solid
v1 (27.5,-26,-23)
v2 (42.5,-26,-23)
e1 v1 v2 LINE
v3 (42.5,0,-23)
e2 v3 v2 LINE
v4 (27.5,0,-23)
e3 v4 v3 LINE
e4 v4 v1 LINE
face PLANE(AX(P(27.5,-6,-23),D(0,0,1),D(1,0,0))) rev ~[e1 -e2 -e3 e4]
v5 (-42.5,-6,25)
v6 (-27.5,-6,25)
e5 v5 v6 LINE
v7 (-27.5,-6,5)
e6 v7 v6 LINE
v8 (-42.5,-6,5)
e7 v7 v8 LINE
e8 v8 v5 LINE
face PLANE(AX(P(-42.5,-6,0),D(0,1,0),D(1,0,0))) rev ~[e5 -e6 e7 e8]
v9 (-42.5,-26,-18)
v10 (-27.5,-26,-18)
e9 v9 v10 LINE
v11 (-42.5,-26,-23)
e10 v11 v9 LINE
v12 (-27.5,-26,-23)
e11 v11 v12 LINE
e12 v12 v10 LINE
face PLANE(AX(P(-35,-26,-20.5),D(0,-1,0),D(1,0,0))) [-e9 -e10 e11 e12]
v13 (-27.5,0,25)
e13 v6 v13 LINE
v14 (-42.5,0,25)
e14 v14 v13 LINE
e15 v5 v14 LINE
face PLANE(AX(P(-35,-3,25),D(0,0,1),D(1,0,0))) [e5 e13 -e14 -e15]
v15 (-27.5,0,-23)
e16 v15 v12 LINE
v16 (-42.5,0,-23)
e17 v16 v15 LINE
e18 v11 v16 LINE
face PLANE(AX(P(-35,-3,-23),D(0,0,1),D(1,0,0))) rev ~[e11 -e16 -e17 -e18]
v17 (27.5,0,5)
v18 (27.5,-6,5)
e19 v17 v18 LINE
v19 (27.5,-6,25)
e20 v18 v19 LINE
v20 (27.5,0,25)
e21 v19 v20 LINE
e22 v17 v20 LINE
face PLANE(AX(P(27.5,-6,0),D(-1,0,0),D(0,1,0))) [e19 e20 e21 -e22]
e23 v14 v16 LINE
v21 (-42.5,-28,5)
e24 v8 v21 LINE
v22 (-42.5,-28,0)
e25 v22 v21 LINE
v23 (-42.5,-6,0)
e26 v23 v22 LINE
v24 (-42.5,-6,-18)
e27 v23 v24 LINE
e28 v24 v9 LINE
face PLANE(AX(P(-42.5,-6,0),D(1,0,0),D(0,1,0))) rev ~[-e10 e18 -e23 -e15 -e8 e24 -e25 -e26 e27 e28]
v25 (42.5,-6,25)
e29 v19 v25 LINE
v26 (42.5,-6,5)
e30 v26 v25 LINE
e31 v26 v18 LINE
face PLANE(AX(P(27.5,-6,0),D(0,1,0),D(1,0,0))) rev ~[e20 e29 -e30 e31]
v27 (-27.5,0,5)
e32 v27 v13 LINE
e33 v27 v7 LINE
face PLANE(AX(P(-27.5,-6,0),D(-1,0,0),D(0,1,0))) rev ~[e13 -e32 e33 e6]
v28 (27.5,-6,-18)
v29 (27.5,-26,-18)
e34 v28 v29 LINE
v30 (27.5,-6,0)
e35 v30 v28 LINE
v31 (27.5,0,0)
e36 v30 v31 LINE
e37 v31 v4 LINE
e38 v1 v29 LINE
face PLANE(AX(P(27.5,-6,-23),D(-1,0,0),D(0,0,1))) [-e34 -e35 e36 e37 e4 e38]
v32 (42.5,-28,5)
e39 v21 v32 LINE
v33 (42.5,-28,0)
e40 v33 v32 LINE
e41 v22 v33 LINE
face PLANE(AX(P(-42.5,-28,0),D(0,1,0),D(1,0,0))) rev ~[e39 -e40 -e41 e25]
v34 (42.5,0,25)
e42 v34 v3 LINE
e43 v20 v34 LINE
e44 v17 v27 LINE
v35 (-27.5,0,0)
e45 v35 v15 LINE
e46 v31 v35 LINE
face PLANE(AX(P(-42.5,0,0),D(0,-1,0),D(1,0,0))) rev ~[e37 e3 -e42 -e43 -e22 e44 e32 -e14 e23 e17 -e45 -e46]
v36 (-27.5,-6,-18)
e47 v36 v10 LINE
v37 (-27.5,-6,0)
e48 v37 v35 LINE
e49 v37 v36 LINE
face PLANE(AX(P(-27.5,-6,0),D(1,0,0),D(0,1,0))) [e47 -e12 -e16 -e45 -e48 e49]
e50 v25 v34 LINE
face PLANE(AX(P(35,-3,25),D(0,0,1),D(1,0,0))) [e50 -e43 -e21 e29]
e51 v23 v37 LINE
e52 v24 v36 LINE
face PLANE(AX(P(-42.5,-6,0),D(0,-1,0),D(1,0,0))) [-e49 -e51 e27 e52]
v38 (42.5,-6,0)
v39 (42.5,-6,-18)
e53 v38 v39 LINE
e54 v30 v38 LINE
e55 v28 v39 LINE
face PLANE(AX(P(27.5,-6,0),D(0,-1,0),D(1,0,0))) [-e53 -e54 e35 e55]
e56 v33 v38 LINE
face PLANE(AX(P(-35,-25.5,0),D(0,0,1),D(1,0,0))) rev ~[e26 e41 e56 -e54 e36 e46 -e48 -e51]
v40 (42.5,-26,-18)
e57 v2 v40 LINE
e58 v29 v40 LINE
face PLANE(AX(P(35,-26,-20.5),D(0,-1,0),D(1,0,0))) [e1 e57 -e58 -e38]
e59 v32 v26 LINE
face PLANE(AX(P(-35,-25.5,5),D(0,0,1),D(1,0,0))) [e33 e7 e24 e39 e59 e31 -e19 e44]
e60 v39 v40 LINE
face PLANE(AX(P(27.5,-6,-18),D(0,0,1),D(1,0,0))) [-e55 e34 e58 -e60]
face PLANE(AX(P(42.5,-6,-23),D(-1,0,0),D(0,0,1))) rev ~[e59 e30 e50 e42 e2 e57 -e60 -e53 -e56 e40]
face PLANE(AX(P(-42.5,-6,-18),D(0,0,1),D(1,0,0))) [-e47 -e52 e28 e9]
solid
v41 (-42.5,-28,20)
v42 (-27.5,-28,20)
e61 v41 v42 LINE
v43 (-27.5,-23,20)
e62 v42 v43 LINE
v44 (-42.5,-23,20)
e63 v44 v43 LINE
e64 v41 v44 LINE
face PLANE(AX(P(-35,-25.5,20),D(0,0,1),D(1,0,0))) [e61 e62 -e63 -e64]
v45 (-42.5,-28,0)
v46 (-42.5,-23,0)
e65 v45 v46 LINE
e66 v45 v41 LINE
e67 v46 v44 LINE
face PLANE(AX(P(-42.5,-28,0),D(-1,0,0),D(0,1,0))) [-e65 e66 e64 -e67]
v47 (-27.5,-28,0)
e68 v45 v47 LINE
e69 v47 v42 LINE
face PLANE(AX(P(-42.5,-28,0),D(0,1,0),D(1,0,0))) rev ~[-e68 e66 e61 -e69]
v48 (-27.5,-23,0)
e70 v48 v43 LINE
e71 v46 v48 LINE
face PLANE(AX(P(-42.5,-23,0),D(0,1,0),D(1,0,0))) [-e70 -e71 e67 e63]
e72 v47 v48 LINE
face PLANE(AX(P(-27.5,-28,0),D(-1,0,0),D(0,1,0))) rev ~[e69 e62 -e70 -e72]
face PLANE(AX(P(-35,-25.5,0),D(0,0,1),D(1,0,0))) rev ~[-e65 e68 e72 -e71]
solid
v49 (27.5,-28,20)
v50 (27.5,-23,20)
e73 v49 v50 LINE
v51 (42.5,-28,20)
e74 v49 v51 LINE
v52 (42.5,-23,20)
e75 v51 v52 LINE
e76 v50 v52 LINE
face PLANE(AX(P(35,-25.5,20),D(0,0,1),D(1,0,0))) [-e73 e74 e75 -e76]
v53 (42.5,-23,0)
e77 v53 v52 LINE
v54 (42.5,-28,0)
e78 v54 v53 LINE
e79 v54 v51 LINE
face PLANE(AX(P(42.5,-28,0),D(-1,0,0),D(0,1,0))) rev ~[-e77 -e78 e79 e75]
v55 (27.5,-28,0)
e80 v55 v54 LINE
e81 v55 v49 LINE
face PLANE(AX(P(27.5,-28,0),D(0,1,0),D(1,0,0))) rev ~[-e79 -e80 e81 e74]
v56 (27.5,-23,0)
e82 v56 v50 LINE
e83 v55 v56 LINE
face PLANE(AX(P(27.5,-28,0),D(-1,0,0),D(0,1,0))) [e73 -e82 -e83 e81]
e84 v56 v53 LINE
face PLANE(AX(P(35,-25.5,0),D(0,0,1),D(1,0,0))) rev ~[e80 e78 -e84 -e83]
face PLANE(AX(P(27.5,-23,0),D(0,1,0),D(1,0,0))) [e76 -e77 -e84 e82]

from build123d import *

# Parameters (mm, degrees)
F0_W          = 15
F0_H          = 5
F0_W_2        = 55
F0_H_2        = 6
F0_H_3        = 17
F1_DEPTH      = 5
F2_DEPTH      = 20
F3_DEPTH      = 23
F3_DEPTH_BACK = 25
F4_W          = 15
F4_H          = 5
F5_DEPTH      = 20


with BuildPart() as f1:
    # F0 (on Top) → F1 (new body)
    with BuildSketch(Plane.XY):
        with Locations((-35, -25.5)):
            Rectangle(F0_W, F0_H)
        with Locations((0, -25.5)):
            Rectangle(F0_W_2, F0_H)
        with Locations((35, -25.5)):
            Rectangle(F0_W, F0_H)
        with Locations((35, -3)):
            Rectangle(F0_W, F0_H_2)
        with Locations((0, -3)):
            Rectangle(F0_W_2, F0_H_2)
        with Locations((-35, -3)):
            Rectangle(F0_W, F0_H_2)
        with Locations((-35, -14.5)):
            Rectangle(F0_W, F0_H_3)
        with Locations((0, -14.5)):
            Rectangle(F0_W_2, F0_H_3)
        with Locations((35, -14.5)):
            Rectangle(F0_W, F0_H_3)
    extrude(amount=F1_DEPTH)

    # F0 (on Top) → F3 (join, two sides)
    with BuildSketch(Plane.XY) as f3_sk:
        with Locations((-35, -3)):
            Rectangle(F0_W, F0_H_2)
        with Locations((35, -3)):
            Rectangle(F0_W, F0_H_2)
    extrude(amount=-F3_DEPTH)
    extrude(f3_sk.sketch, amount=F3_DEPTH_BACK)

    # F4 (on face) → F5 (join)
    with BuildSketch(Plane.XZ.offset(6)):
        with Locations((35, -20.5)):
            Rectangle(F4_W, F4_H)
        with Locations((-35, -20.5)):
            Rectangle(F4_W, F4_H)
    extrude(amount=F5_DEPTH)


with BuildPart() as f2:
    # F0 (on Top) → F2 (new body)
    with BuildSketch(Plane.XY):
        with Locations((-35, -25.5)):
            Rectangle(F0_W, F0_H)
    extrude(amount=F2_DEPTH)


with BuildPart() as f2b:
    # F0 (on Top) → F2, piece 2 (new body)
    with BuildSketch(Plane.XY):
        with Locations((35, -25.5)):
            Rectangle(F0_W, F0_H)
    extrude(amount=F2_DEPTH)


solid = Compound([f1.part, f2.part, f2b.part])
